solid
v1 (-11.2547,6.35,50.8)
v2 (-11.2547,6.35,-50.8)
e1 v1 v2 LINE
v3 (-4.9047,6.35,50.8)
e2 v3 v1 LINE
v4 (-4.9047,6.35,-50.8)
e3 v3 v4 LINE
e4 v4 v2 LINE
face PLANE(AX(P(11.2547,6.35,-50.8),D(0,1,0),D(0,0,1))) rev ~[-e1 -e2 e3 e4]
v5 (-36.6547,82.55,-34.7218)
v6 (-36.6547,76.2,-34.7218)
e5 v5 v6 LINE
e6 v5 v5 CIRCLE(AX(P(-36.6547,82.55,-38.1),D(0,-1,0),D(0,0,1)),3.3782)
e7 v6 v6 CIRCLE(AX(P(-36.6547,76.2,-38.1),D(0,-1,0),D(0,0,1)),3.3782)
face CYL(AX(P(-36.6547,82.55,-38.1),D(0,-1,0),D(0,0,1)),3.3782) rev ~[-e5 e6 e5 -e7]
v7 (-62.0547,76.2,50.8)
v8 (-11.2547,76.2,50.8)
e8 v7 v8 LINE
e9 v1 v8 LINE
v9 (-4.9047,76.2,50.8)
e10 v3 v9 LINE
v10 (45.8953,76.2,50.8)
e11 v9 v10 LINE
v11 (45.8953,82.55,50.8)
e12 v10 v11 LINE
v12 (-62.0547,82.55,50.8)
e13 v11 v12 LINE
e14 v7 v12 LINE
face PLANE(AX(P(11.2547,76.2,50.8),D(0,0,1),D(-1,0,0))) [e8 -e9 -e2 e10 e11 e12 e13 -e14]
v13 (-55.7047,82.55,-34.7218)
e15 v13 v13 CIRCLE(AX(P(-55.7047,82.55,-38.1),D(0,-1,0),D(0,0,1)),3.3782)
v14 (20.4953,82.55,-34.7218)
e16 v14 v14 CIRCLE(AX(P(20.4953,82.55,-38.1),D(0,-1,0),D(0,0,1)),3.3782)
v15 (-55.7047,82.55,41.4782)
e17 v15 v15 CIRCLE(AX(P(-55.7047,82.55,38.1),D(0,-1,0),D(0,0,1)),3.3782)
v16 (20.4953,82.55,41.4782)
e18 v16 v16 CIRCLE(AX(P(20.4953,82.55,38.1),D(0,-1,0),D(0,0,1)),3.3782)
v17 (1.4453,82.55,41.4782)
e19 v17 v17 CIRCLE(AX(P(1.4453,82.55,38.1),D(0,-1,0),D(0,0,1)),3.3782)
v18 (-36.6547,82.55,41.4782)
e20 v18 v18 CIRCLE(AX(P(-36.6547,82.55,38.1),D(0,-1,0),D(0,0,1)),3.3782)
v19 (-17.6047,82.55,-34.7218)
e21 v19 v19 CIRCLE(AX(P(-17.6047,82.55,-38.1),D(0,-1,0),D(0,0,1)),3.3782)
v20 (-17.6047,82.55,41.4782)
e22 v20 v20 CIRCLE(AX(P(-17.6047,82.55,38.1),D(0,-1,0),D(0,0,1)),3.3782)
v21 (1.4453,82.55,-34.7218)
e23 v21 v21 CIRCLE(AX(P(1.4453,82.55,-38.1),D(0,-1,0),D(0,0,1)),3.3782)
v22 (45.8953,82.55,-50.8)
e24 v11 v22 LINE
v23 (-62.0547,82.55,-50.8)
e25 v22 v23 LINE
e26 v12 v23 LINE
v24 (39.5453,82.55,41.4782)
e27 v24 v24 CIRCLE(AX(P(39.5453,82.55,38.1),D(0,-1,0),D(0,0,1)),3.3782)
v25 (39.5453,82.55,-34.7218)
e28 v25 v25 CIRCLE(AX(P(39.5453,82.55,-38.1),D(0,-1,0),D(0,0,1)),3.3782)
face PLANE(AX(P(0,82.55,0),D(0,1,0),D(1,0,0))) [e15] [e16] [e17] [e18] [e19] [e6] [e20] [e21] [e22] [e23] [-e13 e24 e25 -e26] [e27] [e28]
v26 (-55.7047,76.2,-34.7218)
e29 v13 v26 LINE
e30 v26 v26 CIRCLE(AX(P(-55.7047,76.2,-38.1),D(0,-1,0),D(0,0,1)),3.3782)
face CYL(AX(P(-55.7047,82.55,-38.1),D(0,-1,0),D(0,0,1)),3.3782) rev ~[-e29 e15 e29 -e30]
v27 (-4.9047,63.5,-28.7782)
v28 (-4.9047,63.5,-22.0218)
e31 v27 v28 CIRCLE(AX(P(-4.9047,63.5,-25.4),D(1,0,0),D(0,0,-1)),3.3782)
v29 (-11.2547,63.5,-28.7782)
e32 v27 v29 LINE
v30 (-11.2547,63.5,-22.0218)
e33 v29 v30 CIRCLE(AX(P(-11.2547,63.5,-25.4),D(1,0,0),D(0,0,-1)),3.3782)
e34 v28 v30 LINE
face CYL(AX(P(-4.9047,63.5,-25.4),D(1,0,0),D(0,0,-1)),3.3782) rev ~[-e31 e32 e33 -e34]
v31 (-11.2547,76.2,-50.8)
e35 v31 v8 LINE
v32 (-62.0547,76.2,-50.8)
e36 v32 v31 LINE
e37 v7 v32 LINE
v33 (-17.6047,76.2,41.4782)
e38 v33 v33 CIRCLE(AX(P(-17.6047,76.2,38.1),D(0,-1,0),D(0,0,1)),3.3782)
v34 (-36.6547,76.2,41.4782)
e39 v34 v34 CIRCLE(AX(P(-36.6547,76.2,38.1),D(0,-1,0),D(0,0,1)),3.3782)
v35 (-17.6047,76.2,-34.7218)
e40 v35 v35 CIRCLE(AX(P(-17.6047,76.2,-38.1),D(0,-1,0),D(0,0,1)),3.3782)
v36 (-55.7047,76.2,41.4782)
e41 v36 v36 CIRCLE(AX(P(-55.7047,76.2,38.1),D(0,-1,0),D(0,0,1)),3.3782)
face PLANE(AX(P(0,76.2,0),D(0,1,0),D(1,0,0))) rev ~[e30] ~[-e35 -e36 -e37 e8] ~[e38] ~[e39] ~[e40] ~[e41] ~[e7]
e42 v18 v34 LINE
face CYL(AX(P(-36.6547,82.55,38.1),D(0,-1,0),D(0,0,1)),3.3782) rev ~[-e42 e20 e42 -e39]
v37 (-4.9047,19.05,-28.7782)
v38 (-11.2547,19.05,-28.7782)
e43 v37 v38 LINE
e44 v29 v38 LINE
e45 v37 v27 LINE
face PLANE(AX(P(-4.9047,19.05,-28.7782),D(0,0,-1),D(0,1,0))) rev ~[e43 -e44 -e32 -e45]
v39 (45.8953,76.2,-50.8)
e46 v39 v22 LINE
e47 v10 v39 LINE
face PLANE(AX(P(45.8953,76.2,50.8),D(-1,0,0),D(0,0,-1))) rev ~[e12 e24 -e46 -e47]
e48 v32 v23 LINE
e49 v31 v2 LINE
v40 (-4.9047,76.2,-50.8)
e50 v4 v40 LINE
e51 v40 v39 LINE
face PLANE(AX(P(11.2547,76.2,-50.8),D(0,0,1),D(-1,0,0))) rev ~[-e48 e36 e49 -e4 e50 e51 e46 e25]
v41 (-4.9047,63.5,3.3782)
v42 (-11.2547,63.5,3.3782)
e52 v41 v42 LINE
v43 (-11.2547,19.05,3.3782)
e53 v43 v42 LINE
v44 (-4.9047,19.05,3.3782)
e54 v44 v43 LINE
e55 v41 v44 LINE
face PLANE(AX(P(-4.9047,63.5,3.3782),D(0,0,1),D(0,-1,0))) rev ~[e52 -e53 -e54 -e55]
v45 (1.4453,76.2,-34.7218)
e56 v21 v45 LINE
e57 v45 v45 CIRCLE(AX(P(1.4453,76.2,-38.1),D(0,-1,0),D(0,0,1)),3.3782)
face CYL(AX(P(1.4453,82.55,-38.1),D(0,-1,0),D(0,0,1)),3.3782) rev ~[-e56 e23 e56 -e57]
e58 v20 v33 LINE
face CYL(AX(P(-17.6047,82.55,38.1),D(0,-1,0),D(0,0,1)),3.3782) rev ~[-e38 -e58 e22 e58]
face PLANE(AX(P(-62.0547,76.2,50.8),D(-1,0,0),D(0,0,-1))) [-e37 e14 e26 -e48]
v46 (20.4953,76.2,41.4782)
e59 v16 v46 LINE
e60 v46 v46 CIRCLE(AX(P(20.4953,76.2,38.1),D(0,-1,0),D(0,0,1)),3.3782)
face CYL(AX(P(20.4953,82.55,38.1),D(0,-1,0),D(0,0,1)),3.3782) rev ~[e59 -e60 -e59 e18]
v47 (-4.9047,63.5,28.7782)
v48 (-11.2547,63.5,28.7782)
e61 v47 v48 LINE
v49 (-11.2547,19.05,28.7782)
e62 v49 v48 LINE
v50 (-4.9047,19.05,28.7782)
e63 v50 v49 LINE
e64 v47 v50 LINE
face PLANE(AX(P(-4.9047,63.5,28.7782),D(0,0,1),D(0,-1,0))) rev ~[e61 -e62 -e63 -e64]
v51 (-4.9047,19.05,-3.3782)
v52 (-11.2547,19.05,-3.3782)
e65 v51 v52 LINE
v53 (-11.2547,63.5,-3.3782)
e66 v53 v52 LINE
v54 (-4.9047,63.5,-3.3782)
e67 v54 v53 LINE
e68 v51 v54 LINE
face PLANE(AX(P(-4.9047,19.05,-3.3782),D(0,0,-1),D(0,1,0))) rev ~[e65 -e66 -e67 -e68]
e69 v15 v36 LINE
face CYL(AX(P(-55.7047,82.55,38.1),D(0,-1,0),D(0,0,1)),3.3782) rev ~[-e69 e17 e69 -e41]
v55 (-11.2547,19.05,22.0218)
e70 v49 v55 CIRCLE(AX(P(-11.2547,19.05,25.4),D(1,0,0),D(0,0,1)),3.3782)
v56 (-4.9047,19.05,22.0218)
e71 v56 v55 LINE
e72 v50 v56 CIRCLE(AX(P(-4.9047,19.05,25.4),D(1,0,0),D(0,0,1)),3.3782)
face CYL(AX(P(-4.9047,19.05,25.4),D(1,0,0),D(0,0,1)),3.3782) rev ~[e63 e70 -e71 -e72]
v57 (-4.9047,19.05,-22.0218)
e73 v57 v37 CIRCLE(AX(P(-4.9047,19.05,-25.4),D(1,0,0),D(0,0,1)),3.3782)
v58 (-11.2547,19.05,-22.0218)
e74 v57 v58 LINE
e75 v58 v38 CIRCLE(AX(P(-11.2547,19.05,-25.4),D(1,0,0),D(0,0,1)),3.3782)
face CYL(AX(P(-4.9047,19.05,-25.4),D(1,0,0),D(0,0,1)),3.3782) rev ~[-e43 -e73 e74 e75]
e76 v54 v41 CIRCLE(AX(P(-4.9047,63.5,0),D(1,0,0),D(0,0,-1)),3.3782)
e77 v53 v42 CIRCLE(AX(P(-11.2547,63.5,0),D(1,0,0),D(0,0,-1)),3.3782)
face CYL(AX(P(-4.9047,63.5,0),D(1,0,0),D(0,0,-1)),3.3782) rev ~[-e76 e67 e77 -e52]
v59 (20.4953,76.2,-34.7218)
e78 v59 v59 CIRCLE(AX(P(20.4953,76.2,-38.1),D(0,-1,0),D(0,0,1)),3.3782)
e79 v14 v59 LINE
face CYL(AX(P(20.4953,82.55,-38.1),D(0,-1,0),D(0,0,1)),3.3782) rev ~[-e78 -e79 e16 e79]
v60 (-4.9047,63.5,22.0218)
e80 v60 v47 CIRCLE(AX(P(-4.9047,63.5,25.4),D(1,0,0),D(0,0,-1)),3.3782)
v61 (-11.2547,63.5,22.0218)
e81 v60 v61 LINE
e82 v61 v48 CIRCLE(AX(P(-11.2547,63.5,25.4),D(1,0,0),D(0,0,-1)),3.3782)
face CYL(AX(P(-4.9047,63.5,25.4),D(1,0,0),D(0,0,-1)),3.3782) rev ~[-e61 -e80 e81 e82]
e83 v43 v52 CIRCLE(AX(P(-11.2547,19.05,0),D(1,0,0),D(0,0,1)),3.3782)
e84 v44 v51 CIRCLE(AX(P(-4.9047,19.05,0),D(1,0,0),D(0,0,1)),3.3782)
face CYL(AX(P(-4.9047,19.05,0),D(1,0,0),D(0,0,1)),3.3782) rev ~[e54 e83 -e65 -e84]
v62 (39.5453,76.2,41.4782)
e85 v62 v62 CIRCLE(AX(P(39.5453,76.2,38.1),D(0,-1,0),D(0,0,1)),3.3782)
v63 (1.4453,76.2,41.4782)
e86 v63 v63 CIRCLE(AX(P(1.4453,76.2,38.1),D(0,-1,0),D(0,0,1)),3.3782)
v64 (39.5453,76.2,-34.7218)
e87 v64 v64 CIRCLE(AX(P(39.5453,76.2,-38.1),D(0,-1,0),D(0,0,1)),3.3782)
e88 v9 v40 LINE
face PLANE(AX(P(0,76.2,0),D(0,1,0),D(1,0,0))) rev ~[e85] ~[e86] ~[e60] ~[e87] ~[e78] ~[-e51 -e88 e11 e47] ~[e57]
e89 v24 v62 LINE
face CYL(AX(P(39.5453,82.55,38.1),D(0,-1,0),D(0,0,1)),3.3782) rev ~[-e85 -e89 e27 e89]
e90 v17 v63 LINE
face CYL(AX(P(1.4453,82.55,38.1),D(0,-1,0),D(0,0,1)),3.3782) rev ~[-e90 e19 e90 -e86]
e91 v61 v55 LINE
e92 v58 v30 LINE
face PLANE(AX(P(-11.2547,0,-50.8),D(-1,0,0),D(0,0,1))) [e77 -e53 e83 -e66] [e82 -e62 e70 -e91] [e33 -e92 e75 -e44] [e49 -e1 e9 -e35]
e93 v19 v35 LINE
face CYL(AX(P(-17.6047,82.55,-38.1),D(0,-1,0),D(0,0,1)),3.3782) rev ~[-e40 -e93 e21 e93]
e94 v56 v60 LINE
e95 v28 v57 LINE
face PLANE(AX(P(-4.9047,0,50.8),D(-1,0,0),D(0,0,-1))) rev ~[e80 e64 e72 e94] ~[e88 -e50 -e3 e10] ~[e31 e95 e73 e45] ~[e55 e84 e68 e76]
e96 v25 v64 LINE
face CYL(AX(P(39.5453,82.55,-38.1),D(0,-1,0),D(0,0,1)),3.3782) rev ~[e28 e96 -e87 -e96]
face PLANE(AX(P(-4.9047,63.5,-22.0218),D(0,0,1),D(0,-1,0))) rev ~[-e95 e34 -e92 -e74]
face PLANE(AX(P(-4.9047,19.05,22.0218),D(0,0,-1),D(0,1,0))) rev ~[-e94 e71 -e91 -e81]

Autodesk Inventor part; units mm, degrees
ref_plane "YZ Plane" through (0, 0, 0) normal (1, 0, 0) x (0, 1, 0)
ref_plane "XZ Plane" through (0, 0, 0) normal (0, 1, 0) x (-1, 0, 0)
ref_plane "XY Plane" through (0, 0, 0) normal (0, 0, 1) x (1, 0, 0)
sketch "Sketch1" plane through (0, 0, 0) normal (0, 1, 0) x (-1, 0, 0)
  line L0 (11.2547, 50.8) -> (-11.2547, 50.8)
  line L1 (-11.2547, 50.8) -> (-11.2547, -50.8)
  line L2 (-11.2547, -50.8) -> (11.2547, -50.8)
  line L3 (11.2547, -50.8) -> (11.2547, 50.8)
  line L4 (11.2547, 50.8) -> (-11.2547, -50.8) construction
  line L5 (-11.2547, 50.8) -> (11.2547, -50.8) construction
  point P0 (0, 0)
  dimension "d0" = 101.6
  dimension "d1" = 22.5095
extrude "Extrusion1" add sketch "Sketch1" against normal blind 6.35
sketch "Sketch2" plane through (0, 0, 0) normal (0, 1, 0) x (1, 0, 0)
  line L0 (11.2547, -50.8) -> (-11.2547, -50.8) projected
  line L1 (-11.2547, 50.8) -> (11.2547, 50.8) projected
  line L2 (-11.2547, -50.8) -> (-4.9047, -50.8)
  line L3 (-4.9047, -50.8) -> (-4.9047, 50.8)
  line L4 (-4.9047, 50.8) -> (-11.2547, 50.8)
  line L5 (-11.2547, 50.8) -> (-11.2547, -50.8)
  point P0 (0, 0)
  dimension "d4" = 6.35
extrude "Extrusion2" add sketch "Sketch2" along normal blind 76.2
sketch "Sketch3" plane through (0, 76.2, 0) normal (0, 1, 0) x (1, 0, 0)
  line L0 (11.2547, -50.8) -> (-11.2547, -50.8) projected
  line L1 (-11.2547, -50.8) -> (-62.0547, -50.8)
  line L2 (-62.0547, -50.8) -> (-62.0547, 50.8)
  line L3 (-62.0547, 50.8) -> (-11.2547, 50.8)
  line L4 (-11.2547, 50.8) -> (-11.2547, -50.8)
  line L5 (-4.9047, -50.8) -> (-4.9047, 50.8) projected
  line L6 (-4.9047, 50.8) -> (-11.2547, 50.8) projected
  line L7 (-11.2547, -50.8) -> (-4.9047, -50.8) projected
  line L8 (11.2547, -50.8) -> (11.2547, 50.8) projected
  line L9 (11.2547, 50.8) -> (-4.9047, 50.8) projected
  line L10 (-11.2547, -50.8) -> (-11.2547, 50.8) projected
  line L11 (-11.2547, -50.8) -> (-4.9047, -50.8)
  line L12 (-4.9047, -50.8) -> (-4.9047, 50.8)
  line L13 (-4.9047, 50.8) -> (-11.2547, 50.8)
  line L14 (-11.2547, 50.8) -> (-11.2547, -50.8)
  line L15 (-4.9047, -50.8) -> (45.8953, -50.8)
  line L16 (45.8953, -50.8) -> (45.8953, 50.8)
  line L17 (45.8953, 50.8) -> (-4.9047, 50.8)
  line L18 (-4.9047, 50.8) -> (-4.9047, -50.8)
  point P0 (0, 0)
  dimension "d7" = 50.8
  dimension "d8" = 50.8
extrude "Extrusion3" add sketch "Sketch3" along normal blind 6.35
sketch "Sketch4" plane through (0, 0, 0) normal (0, 1, 0) x (1, 0, 0)
  line L0 (-4.9047, -50.8) -> (11.2547, -50.8) construction
  line L1 (3.175, -50.8) -> (3.175, 50.8) construction
  line L2 (-11.2547, 50.8) -> (11.2547, 50.8) construction
  point P0 (0, 0)
  point P1 (3.175, -38.1)
  point P2 (3.175, -12.7)
  point P3 (3.175, 12.7)
  point P4 (3.175, 38.1)
  dimension "d11" = 12.7
  dimension "d14" = 25.4
hole "Hole1" at (3.175, 0, 38.1) at (3.175, 0, 12.7) at (3.175, 0, -12.7) at (3.175, 0, -38.1) direction (0, -1, 0) diameter 5.1054 end through all clearance for "Hex Machine Screw" size "#10" standard "Ansi Unified Screw Threads"
sketch "Sketch5" plane through (0, 82.55, 0) normal (0, 1, 0) x (1, 0, 0)
  line L0 (-62.0547, 50.8) -> (-62.0547, -50.8) construction
  line L1 (-62.0547, -38.1) -> (42.9055, -38.1) construction
  line L2 (-55.7047, -38.1) -> (-55.7047, 38.1) construction
  point P0 (0, 0)
  point P1 (-36.6547, -38.1)
  point P2 (-36.6547, 38.1)
  point P3 (-17.6047, -38.1)
  point P4 (-17.6047, 38.1)
  point P5 (1.4453, -38.1)
  point P6 (1.4453, 38.1)
  point P7 (20.4953, -38.1)
  point P8 (20.4953, 38.1)
  point P9 (39.5453, -38.1)
  point P10 (39.5453, 38.1)
  point P11 (58.5953, -38.1)
  point P12 (58.5953, 38.1)
  dimension "d26" = 38.1
  dimension "d27" = 76.2
  dimension "d28" = 6.35
  dimension "d31" = 76.2
  dimension "d34" = 19.05
hole "Hole2" at (-55.7047, 82.55, 38.1) at (-55.7047, 82.55, -38.1) at (-36.6547, 82.55, 38.1) at (-36.6547, 82.55, -38.1) at (-17.6047, 82.55, 38.1) at (-17.6047, 82.55, -38.1) at (1.4453, 82.55, 38.1) at (1.4453, 82.55, -38.1) at (20.4953, 82.55, 38.1) at (20.4953, 82.55, -38.1) at (39.5453, 82.55, 38.1) at (39.5453, 82.55, -38.1) at (58.5953, 82.55, 38.1) at (58.5953, 82.55, -38.1) direction (0, -1, 0) diameter 6.7564 depth 6.35 clearance for "Hex Machine Screw" size "1/4" standard "Ansi Unified Screw Threads"
sketch "Sketch8" plane through (11.2547, 0, 50.8) normal (1, 0, 0) x (0, 0, -1)
  line L0 (101.6, -6.35) -> (0, -6.35) projected
  line L1 (0, 0) -> (0, 76.2) projected
  line L2 (101.6, 0) -> (101.6, 76.2) projected
  line L3 (101.6, 0) -> (101.6, -6.35) projected
  line L4 (0, 0) -> (0, -6.35) projected
  line L5 (0, -6.35) -> (101.6, -6.35)
  line L6 (101.6, -6.35) -> (101.6, 6.35)
  line L7 (101.6, 6.35) -> (0, 6.35)
  line L8 (0, 6.35) -> (0, -6.35)
  point P0 (50.8, 0)
  point P1 (0, 6.35)
  dimension "d48" = 12.7
extrude "Extrusion5" cut sketch "Sketch8" against normal through all
sketch "Sketch9" plane through (-4.9047, 76.2, 50.8) normal (1, 0, 0) x (0, 0, -1)
  line L0 (101.6, 0) -> (0, 0) projected
  line L1 (101.6, -69.85) -> (101.6, 0) projected
  line L2 (101.6, -69.85) -> (0, -69.85) projected
  line L3 (0, -69.85) -> (0, 0) projected
  line L4 (0, -12.7) -> (101.6, -12.7) construction
  line L5 (0, -57.15) -> (101.6, -57.15) construction
  line L6 (25.4, -12.7) -> (25.4, -57.15) construction
  line L7 (22.0218, -12.7) -> (22.0218, -57.15)
  line L8 (28.7782, -57.15) -> (28.7782, -12.7)
  arc A0 (28.7782, -12.7) -> (22.0218, -12.7) centre (25.4, -12.7) ccw
  arc A1 (22.0218, -57.15) -> (28.7782, -57.15) centre (25.4, -57.15) ccw
  line L9 (50.8, -12.7) -> (50.8, -57.15) construction
  line L10 (47.4218, -12.7) -> (47.4218, -57.15)
  line L11 (54.1782, -57.15) -> (54.1782, -12.7)
  arc A2 (54.1782, -12.7) -> (47.4218, -12.7) centre (50.8, -12.7) ccw
  arc A3 (47.4218, -57.15) -> (54.1782, -57.15) centre (50.8, -57.15) ccw
  line L12 (76.2, -12.7) -> (76.2, -57.15) construction
  line L13 (72.8218, -12.7) -> (72.8218, -57.15)
  line L14 (79.5782, -57.15) -> (79.5782, -12.7)
  arc A4 (79.5782, -12.7) -> (72.8218, -12.7) centre (76.2, -12.7) ccw
  arc A5 (72.8218, -57.15) -> (79.5782, -57.15) centre (76.2, -57.15) ccw
  point P0 (50.8, -76.2)
  point P1 (25.4, -34.925)
  point P2 (50.8, -34.925)
  point P3 (76.2, -34.925)
  dimension "d51" = 12.7
  dimension "d52" = 12.7
  dimension "d53" = 25.4
  dimension "d54" = 25.4
  dimension "d55" = 25.4
  dimension "d56" = 3.3782
extrude "Extrusion6" cut sketch "Sketch9" against normal through all contours A0 L8 A1 L7 | A2 L11 A3 L10 | A4 L14 A5 L13
equation "\"d0\" = BaseLength"
equation "\"d1\" = BaseWidth"
equation "\"d2\" = BaseThickness"
equation "\"d4\" = BackWidth"
equation "\"d5\" = BackHeight"
equation "\"d7\" = TopBackExtension"
equation "\"d8\" = TopFrontExtension"
equation "\"d9\" = TopThickness"
equation "\"d11\" = offsetForFirstHole"
equation "\"d26\" = 0.5 * holeSpacingForMotorBracket"
equation "\"d27\" = holeSpacingForMotorBracket"
equation "\"d28\" = offsetForBracketHoleFromEdge"
equation "\"d34\" = holeSpacingForVariationInMotorBracketHoles"
equation "\"BaseWidth\" = 22.50948"
equation "\"BaseLength\" = 101.6"
equation "\"BaseThickness\" = 6.35"
equation "\"BackWidth\" = 6.35"
equation "\"BackHeight\" = 76.2"
equation "\"TopBackExtension\" = 50.8"
equation "\"TopFrontExtension\" = 50.8"
equation "\"TopThickness\" = 6.35"
equation "\"offsetForFirstHole\" = 12.7"
equation "\"holeSpacingForMotorBracket\" = 76.2"
equation "\"offsetForBracketHoleFromEdge\" = 6.35"
equation "\"holeSpacingForVariationInMotorBracketHoles\" = 19.05"
equation "\"deltaForSlots\" = 0.25 * BaseLength"
properties part number "pullyBracketTopPortion" material "PC/ABS Plastic"
